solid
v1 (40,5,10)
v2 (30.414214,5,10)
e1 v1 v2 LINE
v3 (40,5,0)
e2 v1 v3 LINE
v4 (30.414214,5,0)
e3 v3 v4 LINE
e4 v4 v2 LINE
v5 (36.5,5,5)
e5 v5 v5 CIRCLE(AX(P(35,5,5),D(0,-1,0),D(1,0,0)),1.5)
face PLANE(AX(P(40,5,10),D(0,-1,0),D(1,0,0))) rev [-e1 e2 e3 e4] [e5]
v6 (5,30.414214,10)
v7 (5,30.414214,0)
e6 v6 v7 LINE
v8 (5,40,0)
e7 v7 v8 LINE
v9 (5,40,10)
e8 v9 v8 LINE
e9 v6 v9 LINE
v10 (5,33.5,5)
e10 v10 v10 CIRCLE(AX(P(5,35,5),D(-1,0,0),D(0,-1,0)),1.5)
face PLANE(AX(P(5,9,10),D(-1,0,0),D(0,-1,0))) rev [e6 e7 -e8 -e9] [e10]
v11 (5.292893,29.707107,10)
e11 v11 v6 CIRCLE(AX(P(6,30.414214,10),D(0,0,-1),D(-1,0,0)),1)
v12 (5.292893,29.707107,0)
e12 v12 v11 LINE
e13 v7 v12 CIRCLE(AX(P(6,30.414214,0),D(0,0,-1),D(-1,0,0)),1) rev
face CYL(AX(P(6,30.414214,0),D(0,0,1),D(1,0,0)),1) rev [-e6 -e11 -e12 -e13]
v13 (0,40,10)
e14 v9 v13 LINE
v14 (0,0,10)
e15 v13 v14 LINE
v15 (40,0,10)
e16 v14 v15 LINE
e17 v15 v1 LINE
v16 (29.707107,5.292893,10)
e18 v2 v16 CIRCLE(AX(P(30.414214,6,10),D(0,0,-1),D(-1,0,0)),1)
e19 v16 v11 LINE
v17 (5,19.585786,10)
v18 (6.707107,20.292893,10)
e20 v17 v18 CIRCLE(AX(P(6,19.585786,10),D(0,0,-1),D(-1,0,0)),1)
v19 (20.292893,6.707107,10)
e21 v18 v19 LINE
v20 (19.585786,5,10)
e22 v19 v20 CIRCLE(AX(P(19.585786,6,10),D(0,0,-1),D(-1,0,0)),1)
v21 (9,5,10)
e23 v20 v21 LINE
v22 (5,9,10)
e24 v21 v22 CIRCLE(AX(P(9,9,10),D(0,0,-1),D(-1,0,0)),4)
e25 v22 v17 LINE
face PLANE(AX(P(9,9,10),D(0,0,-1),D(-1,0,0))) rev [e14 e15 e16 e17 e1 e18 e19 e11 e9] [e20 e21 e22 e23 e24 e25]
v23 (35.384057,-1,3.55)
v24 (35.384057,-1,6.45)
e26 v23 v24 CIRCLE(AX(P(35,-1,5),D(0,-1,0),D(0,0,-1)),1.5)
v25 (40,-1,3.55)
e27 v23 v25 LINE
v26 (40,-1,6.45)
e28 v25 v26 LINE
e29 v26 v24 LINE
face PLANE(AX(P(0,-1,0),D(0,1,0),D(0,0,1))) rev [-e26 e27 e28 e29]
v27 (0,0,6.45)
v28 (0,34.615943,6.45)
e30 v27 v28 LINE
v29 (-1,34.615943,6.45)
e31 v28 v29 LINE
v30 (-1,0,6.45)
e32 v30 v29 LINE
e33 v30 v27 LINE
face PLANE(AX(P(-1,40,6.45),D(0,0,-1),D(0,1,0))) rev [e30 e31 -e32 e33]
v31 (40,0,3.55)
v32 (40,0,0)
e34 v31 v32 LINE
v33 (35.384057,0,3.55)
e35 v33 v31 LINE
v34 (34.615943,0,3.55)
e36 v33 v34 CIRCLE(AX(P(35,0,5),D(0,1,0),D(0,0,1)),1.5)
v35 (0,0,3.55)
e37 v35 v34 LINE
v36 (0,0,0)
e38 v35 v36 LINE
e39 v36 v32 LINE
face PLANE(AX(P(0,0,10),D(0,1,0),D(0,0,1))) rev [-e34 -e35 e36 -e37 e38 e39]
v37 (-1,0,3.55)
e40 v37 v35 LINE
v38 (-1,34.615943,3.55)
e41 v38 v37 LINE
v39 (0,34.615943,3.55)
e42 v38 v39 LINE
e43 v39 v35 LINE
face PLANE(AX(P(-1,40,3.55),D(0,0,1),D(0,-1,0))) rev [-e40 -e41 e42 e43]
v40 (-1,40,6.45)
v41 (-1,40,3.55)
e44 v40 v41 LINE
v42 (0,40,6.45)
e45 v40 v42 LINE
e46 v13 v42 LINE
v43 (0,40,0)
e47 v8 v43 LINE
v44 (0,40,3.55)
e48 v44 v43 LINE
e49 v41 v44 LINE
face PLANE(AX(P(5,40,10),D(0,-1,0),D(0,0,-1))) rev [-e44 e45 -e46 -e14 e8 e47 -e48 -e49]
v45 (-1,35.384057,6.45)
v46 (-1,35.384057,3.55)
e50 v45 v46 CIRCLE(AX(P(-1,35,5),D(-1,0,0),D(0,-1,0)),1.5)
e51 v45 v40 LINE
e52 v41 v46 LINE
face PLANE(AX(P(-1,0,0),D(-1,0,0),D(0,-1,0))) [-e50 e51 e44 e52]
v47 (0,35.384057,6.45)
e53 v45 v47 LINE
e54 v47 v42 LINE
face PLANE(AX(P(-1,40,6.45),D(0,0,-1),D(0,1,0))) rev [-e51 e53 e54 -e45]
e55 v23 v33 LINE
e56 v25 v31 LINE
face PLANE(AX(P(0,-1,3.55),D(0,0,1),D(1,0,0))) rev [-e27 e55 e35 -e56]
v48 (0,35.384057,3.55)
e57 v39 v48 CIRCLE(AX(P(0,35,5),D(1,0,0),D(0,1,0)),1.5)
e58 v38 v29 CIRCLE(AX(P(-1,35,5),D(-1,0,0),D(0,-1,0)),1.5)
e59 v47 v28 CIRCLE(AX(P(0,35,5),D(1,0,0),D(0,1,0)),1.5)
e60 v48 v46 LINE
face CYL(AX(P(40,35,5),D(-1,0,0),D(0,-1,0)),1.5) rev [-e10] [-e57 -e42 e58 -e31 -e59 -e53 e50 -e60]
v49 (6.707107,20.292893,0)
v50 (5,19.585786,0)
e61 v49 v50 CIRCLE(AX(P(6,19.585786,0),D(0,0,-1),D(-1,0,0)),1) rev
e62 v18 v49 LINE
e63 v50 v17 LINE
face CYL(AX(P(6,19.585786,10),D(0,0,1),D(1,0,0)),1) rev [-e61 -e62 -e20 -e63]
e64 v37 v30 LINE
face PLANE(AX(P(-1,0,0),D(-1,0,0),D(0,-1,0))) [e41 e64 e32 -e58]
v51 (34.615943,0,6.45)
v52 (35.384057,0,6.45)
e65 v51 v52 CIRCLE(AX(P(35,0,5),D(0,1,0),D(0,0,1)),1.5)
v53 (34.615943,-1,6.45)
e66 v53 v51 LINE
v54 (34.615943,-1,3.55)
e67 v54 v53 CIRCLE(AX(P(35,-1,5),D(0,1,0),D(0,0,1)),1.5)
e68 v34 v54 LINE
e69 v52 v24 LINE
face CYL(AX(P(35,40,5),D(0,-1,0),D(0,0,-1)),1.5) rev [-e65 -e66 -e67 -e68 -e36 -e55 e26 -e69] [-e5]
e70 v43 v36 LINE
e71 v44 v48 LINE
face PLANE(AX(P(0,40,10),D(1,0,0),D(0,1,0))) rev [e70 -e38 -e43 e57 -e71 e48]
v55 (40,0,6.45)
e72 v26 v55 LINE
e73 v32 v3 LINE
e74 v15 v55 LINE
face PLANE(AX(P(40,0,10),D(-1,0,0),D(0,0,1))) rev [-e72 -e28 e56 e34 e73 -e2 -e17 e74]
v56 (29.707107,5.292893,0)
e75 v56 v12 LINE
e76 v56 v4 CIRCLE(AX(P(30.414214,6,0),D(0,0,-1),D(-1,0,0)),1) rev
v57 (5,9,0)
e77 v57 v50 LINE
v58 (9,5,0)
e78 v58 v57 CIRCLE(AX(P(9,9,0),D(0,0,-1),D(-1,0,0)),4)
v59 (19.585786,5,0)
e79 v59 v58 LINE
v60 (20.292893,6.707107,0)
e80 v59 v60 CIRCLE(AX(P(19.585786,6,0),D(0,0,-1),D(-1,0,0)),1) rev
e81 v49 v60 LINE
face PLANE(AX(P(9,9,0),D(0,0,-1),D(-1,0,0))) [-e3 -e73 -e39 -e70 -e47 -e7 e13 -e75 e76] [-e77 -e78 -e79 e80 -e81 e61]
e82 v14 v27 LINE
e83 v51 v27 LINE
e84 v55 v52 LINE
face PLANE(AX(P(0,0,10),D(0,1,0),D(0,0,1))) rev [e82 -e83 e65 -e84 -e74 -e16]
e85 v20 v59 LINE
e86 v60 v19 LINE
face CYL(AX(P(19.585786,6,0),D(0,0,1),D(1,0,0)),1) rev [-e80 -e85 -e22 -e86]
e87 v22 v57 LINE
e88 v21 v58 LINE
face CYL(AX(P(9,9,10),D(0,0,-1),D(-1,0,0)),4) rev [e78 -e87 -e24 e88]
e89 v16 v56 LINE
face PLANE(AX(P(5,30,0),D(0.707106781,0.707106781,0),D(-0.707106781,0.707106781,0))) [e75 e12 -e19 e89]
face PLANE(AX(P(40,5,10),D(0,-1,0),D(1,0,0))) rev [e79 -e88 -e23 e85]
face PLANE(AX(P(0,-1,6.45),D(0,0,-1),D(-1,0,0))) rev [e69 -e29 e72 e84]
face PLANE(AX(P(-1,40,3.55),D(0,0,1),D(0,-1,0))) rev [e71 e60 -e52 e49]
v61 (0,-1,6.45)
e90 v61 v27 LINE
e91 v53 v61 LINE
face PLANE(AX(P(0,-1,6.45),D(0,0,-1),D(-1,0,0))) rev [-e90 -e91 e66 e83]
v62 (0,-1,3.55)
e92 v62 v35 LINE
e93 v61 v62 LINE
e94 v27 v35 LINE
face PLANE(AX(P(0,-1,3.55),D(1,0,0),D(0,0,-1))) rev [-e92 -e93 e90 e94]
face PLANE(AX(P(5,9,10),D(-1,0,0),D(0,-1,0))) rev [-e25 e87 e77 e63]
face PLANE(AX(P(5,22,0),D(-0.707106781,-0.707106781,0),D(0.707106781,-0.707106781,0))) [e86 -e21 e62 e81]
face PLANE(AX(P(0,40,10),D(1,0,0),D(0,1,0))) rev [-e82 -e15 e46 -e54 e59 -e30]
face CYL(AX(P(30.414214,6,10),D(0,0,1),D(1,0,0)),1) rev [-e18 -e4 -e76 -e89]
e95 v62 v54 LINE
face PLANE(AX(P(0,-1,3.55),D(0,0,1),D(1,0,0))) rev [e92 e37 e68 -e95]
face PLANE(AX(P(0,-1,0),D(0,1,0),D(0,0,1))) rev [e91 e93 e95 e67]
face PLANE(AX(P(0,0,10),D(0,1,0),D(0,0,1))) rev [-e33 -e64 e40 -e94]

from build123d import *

# Parameters (mm, degrees)
MAIN_DEPTH                         = 10
ESQUISSE4_W                        = 2.9
ESQUISSE4_H                        = 40
MAKERBEAMFIXVERTICAL_DEPTH         = 1
MAKERBEAMVERTICALHOLE_DEPTH        = 58.445626465
MAKERBEAMVERTICALHOLE_DEPTH_BACK   = 58.445626465
ESQUISSE2_R                        = 1.5
ESQUISSE5_W                        = 40
ESQUISSE5_H                        = 2.9
MAKERBEAMFIXHORIZONTAL_DEPTH       = 1
MAKERBEAMHORIZONTALHOLE_DEPTH      = 58.445626465
MAKERBEAMHORIZONTALHOLE_DEPTH_BACK = 58.445626465
ESQUISSE3_R                        = 1.5
BOSS_EXTRUDE1_DEPTH                = 10
FILLET1_R                          = 1


with BuildPart() as part:
    # Esquisse1 → Main (new body)
    with BuildSketch(Plane.XY):
        with BuildLine():
            Line((0, 0), (40, 0))
            Line((40, 0), (40, 5))
            Line((40, 5), (9, 5))
            ThreePointArc((9, 5), (6.171572875, 6.171572875), (5, 9))
            Line((5, 9), (5, 40))
            Line((5, 40), (0, 40))
            Line((0, 40), (0, 0))
        make_face()
    extrude(amount=MAIN_DEPTH)

    # Esquisse4 → MakerBeamFixVertical (add)
    with BuildSketch(Plane.ZY):
        with Locations((5, 20)):
            Rectangle(ESQUISSE4_W, ESQUISSE4_H)
    extrude(amount=MAKERBEAMFIXVERTICAL_DEPTH)

    # Esquisse2 → MakerBeamVerticalHole (cut, two sides: drawn at the far end of the back side and taken through both)
    with BuildSketch(Plane.ZY.offset(-MAKERBEAMVERTICALHOLE_DEPTH_BACK)):
        with Locations(Location((5, 35, 0), (0, 0, 270))):
            Circle(ESQUISSE2_R)
    extrude(amount=MAKERBEAMVERTICALHOLE_DEPTH + MAKERBEAMVERTICALHOLE_DEPTH_BACK, mode=Mode.SUBTRACT)

    # Esquisse5 → MakerBeamFixHorizontal (add)
    with BuildSketch(Plane(origin=(0, 0, 0), x_dir=(-1, 0, 0), z_dir=(0, -1, 0))):
        with Locations((-20, -5)):
            Rectangle(ESQUISSE5_W, ESQUISSE5_H)
    extrude(amount=MAKERBEAMFIXHORIZONTAL_DEPTH)

    # Esquisse3 → MakerBeamHorizontalHole (cut, two sides: drawn at the far end of the back side and taken through both)
    with BuildSketch(Plane.XZ.offset(-MAKERBEAMHORIZONTALHOLE_DEPTH_BACK)):
        with Locations(Location((35, 5, 0), (0, 0, 255.164888418))):
            Circle(ESQUISSE3_R)
    extrude(amount=MAKERBEAMHORIZONTALHOLE_DEPTH + MAKERBEAMHORIZONTALHOLE_DEPTH_BACK, mode=Mode.SUBTRACT)

    # Sketch2 → Boss-Extrude1 (add)
    with BuildSketch(Plane.XY.offset(10)):
        Polygon((5, 30), (30, 5), (22, 5), (5, 22), align=None)
    extrude(amount=-BOSS_EXTRUDE1_DEPTH)

    # Fillet1
    fillet1_edges = [part.edges().sort_by_distance(p)[0] for p in [
        (5, 22, 5),
        (5, 30, 5),
        (30, 5, 5),
        (22, 5, 5),
    ]]
    fillet(fillet1_edges, radius=FILLET1_R)


solid = part.part
